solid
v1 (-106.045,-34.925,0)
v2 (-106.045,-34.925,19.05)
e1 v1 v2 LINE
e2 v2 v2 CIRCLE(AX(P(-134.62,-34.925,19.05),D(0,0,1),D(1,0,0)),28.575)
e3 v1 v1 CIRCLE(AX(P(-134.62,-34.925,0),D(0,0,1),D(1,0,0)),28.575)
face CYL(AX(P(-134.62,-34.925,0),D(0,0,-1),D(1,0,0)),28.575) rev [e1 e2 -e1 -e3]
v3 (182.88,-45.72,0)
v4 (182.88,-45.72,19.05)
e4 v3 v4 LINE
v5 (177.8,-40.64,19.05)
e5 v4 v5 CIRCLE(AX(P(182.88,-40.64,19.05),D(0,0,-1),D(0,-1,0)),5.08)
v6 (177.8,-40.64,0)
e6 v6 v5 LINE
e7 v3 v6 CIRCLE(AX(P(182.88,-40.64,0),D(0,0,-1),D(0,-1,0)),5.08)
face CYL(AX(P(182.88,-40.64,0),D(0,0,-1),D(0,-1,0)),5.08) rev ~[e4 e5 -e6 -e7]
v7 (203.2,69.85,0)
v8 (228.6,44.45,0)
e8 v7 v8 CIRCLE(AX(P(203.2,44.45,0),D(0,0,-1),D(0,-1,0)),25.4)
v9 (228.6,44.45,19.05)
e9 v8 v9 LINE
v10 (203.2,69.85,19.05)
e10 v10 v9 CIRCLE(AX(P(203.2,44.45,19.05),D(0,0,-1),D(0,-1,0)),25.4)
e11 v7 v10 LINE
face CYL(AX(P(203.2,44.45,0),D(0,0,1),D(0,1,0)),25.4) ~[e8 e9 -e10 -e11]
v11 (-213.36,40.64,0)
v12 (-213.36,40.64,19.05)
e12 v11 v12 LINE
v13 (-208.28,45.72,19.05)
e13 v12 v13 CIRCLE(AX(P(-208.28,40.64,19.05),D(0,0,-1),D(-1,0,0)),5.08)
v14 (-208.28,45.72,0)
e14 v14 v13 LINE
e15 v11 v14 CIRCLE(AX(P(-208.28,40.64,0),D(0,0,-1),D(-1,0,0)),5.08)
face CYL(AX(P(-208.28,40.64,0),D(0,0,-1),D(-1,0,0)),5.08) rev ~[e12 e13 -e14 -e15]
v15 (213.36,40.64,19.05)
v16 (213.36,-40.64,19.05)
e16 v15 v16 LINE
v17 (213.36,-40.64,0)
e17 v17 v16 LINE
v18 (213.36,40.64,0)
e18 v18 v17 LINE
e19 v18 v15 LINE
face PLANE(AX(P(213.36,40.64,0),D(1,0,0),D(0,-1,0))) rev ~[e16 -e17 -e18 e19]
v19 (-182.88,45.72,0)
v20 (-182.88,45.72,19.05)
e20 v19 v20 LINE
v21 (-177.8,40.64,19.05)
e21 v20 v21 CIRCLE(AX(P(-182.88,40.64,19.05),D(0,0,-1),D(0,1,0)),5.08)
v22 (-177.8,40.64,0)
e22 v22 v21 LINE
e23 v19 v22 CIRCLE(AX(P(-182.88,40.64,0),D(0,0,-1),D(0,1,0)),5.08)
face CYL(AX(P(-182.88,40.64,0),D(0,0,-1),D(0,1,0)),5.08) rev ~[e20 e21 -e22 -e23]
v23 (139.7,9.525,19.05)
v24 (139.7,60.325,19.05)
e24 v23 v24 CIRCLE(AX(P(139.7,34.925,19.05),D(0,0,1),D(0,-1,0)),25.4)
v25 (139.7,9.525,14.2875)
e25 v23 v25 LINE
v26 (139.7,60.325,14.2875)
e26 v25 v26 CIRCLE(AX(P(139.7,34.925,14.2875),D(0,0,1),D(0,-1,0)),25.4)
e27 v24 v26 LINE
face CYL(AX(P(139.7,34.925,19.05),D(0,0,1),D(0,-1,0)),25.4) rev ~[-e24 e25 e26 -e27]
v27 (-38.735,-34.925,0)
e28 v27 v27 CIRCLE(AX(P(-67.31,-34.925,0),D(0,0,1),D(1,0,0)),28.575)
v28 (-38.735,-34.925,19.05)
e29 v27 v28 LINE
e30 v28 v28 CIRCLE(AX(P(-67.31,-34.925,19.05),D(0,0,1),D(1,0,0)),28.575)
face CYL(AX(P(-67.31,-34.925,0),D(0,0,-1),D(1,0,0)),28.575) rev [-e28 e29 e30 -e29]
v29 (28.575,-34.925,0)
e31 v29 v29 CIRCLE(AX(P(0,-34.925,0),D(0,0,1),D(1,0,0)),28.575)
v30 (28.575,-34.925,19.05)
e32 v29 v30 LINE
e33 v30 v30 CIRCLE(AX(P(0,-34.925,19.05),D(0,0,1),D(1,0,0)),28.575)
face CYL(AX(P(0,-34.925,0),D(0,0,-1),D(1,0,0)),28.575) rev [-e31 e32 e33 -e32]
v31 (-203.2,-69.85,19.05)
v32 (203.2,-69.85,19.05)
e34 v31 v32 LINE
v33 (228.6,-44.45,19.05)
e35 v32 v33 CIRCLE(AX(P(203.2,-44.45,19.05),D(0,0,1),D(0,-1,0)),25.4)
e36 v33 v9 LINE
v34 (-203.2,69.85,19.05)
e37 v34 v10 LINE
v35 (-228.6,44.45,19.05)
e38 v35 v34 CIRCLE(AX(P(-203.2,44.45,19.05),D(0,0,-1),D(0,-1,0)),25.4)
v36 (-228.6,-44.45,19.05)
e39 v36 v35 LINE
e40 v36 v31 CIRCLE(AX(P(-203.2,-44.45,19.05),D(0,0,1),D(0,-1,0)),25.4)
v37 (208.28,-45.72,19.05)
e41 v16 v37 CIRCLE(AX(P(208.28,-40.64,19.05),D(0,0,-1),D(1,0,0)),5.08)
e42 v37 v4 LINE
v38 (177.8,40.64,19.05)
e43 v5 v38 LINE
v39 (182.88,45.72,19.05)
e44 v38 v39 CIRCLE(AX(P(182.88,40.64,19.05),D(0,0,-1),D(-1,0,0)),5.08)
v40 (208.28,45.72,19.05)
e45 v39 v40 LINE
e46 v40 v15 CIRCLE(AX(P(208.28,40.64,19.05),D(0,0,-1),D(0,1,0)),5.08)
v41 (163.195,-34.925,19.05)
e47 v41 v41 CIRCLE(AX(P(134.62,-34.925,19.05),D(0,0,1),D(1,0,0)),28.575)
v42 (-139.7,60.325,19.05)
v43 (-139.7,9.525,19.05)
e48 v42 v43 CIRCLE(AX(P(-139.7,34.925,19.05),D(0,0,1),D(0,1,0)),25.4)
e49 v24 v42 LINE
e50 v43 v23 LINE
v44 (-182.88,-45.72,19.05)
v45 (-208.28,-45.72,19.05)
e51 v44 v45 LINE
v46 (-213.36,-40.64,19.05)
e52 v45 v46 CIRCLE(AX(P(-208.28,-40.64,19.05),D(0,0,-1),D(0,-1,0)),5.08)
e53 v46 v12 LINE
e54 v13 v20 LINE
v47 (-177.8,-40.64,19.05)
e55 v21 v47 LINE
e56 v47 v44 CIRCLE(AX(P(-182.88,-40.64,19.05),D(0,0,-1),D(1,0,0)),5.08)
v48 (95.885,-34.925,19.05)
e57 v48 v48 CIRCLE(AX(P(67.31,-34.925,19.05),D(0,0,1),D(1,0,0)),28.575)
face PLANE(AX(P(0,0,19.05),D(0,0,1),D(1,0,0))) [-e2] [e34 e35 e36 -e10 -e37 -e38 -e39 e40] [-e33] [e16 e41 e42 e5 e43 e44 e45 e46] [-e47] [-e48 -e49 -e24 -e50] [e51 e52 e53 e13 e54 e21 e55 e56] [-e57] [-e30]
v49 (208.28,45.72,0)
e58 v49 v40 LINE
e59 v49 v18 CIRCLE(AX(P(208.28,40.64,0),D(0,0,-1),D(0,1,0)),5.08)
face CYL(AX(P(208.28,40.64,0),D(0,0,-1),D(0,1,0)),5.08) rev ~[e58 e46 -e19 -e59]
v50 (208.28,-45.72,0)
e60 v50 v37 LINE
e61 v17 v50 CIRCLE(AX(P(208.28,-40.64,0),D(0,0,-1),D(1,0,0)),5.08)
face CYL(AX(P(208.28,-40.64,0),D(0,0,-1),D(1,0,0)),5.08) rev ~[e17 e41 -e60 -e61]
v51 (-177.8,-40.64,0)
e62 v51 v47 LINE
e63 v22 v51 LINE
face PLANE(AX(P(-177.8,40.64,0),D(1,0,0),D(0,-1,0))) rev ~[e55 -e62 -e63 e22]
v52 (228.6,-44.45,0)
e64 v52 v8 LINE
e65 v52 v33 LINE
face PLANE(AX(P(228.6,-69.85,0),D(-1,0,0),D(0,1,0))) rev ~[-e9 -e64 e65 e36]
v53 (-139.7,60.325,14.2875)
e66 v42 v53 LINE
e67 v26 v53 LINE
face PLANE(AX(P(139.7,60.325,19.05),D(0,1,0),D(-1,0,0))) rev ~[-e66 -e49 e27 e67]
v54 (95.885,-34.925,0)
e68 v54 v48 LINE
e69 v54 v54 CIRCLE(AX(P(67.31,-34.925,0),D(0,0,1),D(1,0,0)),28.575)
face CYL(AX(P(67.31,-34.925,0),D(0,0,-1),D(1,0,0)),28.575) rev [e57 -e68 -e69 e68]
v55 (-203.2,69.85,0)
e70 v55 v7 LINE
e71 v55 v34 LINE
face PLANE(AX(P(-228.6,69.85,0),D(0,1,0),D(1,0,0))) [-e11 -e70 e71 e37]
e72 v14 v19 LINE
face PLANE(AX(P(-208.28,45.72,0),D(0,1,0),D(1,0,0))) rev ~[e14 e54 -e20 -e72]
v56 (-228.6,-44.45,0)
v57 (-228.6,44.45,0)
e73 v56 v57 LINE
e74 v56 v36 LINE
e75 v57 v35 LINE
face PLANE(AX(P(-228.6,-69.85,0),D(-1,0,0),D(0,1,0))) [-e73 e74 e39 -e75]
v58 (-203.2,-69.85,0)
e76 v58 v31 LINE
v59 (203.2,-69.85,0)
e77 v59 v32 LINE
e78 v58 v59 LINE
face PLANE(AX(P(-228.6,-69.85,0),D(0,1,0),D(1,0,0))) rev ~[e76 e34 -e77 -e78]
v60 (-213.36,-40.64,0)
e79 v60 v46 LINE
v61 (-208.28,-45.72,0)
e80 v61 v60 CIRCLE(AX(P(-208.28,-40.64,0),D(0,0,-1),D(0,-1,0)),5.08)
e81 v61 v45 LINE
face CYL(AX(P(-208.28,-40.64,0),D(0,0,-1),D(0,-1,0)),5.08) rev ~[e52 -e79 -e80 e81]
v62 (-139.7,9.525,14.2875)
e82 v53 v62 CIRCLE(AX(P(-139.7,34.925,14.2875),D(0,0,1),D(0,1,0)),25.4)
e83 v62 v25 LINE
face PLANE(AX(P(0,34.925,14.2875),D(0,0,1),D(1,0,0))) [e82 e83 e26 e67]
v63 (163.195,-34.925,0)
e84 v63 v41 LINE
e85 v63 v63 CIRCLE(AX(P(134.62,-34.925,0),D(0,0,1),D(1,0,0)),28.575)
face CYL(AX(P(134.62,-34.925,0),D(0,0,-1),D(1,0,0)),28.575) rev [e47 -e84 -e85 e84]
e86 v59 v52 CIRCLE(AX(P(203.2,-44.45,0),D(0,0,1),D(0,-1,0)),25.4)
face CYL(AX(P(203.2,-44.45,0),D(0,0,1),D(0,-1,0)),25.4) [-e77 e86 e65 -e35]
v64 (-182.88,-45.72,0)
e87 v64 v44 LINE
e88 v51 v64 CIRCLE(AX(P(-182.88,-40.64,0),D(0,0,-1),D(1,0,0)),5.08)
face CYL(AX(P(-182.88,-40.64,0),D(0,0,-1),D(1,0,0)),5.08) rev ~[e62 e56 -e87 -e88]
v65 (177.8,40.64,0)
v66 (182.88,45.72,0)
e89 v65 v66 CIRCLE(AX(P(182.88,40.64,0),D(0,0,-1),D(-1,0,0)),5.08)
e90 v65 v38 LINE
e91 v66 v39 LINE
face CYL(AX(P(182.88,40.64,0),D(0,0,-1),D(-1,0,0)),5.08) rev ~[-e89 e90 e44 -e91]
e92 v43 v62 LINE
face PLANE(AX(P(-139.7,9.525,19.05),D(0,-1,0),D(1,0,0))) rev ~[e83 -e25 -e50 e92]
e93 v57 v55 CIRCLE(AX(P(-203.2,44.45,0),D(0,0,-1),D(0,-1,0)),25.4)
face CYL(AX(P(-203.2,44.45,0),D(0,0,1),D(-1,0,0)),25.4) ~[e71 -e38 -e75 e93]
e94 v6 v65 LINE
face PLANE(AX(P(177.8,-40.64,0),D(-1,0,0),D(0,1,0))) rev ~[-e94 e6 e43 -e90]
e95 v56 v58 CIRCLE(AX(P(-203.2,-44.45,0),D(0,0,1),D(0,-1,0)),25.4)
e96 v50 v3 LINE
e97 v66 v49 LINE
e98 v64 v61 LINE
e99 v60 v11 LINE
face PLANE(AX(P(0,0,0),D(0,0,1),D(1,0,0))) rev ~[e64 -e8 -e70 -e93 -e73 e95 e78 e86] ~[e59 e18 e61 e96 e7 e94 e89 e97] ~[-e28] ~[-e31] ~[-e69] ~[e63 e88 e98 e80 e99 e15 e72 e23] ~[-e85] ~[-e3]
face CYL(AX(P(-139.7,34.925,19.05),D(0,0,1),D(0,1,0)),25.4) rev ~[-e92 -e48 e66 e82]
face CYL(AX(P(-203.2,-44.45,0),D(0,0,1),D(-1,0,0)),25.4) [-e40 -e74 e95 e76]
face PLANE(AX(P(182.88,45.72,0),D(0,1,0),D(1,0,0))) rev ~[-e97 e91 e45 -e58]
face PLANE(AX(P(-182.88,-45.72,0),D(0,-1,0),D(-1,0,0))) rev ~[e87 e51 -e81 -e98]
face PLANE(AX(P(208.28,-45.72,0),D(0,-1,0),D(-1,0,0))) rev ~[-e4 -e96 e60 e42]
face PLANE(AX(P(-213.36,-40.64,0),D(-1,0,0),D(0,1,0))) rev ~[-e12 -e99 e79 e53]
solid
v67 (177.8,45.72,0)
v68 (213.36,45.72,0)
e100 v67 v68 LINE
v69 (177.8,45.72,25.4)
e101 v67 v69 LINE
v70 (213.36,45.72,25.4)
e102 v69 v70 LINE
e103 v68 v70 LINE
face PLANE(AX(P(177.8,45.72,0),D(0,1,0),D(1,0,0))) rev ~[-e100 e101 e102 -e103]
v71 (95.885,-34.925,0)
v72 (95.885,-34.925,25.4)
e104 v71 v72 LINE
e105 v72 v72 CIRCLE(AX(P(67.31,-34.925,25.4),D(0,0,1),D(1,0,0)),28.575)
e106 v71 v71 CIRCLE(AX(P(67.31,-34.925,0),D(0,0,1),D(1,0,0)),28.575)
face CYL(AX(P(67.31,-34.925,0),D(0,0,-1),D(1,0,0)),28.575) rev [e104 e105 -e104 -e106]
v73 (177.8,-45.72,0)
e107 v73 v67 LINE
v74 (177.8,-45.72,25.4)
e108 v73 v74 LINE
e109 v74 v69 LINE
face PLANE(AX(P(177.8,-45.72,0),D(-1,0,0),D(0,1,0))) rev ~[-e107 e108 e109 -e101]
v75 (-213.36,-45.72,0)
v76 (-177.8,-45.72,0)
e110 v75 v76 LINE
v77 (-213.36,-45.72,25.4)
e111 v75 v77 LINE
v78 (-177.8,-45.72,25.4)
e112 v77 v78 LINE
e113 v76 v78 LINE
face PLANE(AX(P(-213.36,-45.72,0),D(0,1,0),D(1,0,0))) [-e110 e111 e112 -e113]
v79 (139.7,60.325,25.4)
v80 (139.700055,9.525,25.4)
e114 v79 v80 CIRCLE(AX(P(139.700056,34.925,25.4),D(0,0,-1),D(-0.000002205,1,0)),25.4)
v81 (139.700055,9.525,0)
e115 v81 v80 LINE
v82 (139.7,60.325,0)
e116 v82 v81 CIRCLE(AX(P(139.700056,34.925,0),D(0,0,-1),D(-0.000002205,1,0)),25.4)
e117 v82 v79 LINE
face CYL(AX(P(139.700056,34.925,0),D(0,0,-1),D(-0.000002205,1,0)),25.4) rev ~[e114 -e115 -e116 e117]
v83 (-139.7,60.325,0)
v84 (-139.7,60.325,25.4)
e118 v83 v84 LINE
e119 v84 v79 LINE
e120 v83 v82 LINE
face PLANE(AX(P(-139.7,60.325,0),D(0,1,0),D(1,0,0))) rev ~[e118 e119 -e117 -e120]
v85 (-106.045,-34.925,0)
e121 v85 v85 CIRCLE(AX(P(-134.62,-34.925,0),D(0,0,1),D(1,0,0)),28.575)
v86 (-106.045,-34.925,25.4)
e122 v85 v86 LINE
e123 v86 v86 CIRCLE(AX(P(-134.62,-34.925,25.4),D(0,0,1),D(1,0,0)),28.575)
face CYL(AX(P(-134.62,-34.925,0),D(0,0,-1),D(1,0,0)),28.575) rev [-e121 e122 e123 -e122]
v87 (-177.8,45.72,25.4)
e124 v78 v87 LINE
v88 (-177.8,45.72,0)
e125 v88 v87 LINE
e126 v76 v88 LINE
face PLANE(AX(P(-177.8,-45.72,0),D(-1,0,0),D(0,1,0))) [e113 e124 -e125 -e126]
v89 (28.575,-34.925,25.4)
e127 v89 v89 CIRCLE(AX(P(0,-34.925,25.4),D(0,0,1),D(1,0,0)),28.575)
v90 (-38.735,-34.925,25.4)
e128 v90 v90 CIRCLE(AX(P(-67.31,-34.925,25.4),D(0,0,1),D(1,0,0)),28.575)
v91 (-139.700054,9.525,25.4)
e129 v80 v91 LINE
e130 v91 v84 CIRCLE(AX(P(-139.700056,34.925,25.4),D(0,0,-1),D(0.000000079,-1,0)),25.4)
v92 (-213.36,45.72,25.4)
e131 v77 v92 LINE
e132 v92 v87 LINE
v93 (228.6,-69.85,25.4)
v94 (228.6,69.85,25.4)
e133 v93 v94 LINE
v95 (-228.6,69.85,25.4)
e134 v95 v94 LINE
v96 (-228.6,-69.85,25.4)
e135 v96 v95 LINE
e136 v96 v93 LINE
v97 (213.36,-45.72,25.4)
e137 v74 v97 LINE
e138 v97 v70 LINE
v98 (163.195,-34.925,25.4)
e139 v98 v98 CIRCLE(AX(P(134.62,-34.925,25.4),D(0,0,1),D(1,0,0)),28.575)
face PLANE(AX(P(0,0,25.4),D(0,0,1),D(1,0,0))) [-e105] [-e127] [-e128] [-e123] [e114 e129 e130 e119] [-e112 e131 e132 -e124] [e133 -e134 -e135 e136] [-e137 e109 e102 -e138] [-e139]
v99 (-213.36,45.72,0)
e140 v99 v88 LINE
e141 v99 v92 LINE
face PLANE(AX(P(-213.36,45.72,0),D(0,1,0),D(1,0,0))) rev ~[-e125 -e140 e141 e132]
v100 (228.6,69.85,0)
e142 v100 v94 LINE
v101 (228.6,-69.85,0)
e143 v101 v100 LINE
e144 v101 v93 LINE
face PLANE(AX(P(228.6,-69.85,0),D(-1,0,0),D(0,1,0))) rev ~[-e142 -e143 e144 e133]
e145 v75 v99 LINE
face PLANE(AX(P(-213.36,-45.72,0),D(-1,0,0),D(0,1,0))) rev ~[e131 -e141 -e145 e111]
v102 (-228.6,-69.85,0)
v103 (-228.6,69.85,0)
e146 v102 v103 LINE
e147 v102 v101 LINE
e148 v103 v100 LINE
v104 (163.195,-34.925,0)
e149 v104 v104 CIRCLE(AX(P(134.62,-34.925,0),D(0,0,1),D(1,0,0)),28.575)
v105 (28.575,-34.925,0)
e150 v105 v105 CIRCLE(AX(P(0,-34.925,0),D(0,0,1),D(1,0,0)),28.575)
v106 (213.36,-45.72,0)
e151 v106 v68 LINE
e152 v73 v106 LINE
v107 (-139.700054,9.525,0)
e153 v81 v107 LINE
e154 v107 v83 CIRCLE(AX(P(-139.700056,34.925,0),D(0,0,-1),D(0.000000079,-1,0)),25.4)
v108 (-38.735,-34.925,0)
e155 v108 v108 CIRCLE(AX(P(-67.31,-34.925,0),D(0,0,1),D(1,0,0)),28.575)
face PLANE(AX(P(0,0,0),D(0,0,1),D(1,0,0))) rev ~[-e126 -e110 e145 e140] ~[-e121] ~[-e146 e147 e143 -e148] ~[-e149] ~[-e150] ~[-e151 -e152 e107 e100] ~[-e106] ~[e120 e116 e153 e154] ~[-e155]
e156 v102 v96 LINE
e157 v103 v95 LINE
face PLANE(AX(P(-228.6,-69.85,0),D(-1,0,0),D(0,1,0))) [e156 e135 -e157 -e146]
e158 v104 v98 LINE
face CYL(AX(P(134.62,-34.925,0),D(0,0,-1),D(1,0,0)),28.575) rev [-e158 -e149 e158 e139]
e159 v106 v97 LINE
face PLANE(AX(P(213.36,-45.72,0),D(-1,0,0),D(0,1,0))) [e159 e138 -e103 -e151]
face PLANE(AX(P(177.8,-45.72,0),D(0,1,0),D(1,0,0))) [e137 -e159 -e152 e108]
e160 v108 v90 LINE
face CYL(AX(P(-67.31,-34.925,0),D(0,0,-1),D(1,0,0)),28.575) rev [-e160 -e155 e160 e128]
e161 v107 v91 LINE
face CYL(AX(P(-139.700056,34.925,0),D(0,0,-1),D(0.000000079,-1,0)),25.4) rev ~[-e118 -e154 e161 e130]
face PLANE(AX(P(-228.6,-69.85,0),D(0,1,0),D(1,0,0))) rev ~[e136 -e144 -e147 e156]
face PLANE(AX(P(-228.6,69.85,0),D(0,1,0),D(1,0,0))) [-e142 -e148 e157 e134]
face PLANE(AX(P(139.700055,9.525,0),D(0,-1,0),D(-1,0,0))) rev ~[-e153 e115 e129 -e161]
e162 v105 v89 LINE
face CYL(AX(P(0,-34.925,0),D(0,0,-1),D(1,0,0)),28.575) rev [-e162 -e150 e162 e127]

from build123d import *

# Parameters (mm, degrees)
F0_W     = 457.2
F0_H     = 139.7
F0_R     = 28.575
F0_W_2   = 35.56
F0_H_2   = 91.44
F1_DEPTH = 25.4
F2_W     = 457.2
F2_H     = 139.7
F2_R     = 28.575
F3_DEPTH = 19.05
F5_DEPTH = 4.7625
F6_R     = 25.4


with BuildPart() as f1:
    # F0 (on Top) → F1 (new body)
    with BuildSketch(Plane.XY):
        Rectangle(F0_W, F0_H)
        with Locations((-134.62, -34.925)):
            Circle(F0_R, mode=Mode.SUBTRACT)
        with Locations((-67.31, -34.925)):
            Circle(F0_R, mode=Mode.SUBTRACT)
        with Locations((0, -34.925)):
            Circle(F0_R, mode=Mode.SUBTRACT)
        with Locations((67.31, -34.925)):
            Circle(F0_R, mode=Mode.SUBTRACT)
        with Locations((134.62, -34.925)):
            Circle(F0_R, mode=Mode.SUBTRACT)
        with Locations((-195.58, 0)):
            Rectangle(F0_W_2, F0_H_2, mode=Mode.SUBTRACT)
        with Locations((195.58, 0)):
            Rectangle(F0_W_2, F0_H_2, mode=Mode.SUBTRACT)
        with BuildLine():
            ThreePointArc((139.7, 60.325), (165.100056, 34.9250275), (139.700055, 9.525))
            Line((139.700055, 9.525), (-139.700054, 9.525))
            ThreePointArc((-139.700054, 9.525), (-165.100056, 34.925027), (-139.7, 60.325))
            Line((-139.7, 60.325), (139.7, 60.325))
        make_face(mode=Mode.SUBTRACT)
    extrude(amount=F1_DEPTH)


with BuildPart() as f3:
    # F2 (on Top) → F3 (new body)
    with BuildSketch(Plane.XY):
        Rectangle(F2_W, F2_H)
        with Locations((-134.62, -34.925)):
            Circle(F2_R, mode=Mode.SUBTRACT)
        with Locations((-67.31, -34.925)):
            Circle(F2_R, mode=Mode.SUBTRACT)
        with Locations((0, -34.925)):
            Circle(F2_R, mode=Mode.SUBTRACT)
        with Locations((67.31, -34.925)):
            Circle(F2_R, mode=Mode.SUBTRACT)
        with Locations((134.62, -34.925)):
            Circle(F2_R, mode=Mode.SUBTRACT)
        with BuildLine():
            ThreePointArc((-177.8, -40.64), (-179.2878975516, -44.2321024484), (-182.88, -45.72))
            Line((-182.88, -45.72), (-208.28, -45.72))
            ThreePointArc((-208.28, -45.72), (-211.8721024484, -44.2321024484), (-213.36, -40.64))
            Line((-213.36, -40.64), (-213.36, 40.64))
            ThreePointArc((-213.36, 40.64), (-211.8721024484, 44.2321024484), (-208.28, 45.72))
            Line((-208.28, 45.72), (-182.88, 45.72))
            ThreePointArc((-182.88, 45.72), (-179.2878975516, 44.2321024484), (-177.8, 40.64))
            Line((-177.8, 40.64), (-177.8, -40.64))
        make_face(mode=Mode.SUBTRACT)
        with BuildLine():
            ThreePointArc((182.88, -45.72), (179.2878975516, -44.2321024484), (177.8, -40.64))
            Line((177.8, -40.64), (177.8, 40.64))
            ThreePointArc((177.8, 40.64), (179.2878975516, 44.2321024484), (182.88, 45.72))
            Line((182.88, 45.72), (208.28, 45.72))
            ThreePointArc((208.28, 45.72), (211.8721024484, 44.2321024484), (213.36, 40.64))
            Line((213.36, 40.64), (213.36, -40.64))
            ThreePointArc((213.36, -40.64), (211.8721024484, -44.2321024484), (208.28, -45.72))
            Line((208.28, -45.72), (182.88, -45.72))
        make_face(mode=Mode.SUBTRACT)
    extrude(amount=F3_DEPTH)

    # F4 (on face) → F5 (cut)
    with BuildSketch(Plane.XY.offset(19.05)):
        with BuildLine():
            ThreePointArc((-139.7, 60.325), (-165.1, 34.925), (-139.7, 9.525))
            Line((-139.7, 9.525), (139.7, 9.525))
            ThreePointArc((139.7, 9.525), (165.1, 34.925), (139.7, 60.325))
            Line((139.7, 60.325), (-139.7, 60.325))
        make_face()
    extrude(amount=-F5_DEPTH, mode=Mode.SUBTRACT)

    # F6
    f6_edges = [f3.edges().sort_by_distance(p)[0] for p in [
        (228.6, -69.85, 9.525),
        (228.6, 69.85, 9.525),
        (-228.6, -69.85, 9.525),
        (-228.6, 69.85, 9.525),
    ]]
    fillet(f6_edges, radius=F6_R)


solid = Compound([f1.part, f3.part])
